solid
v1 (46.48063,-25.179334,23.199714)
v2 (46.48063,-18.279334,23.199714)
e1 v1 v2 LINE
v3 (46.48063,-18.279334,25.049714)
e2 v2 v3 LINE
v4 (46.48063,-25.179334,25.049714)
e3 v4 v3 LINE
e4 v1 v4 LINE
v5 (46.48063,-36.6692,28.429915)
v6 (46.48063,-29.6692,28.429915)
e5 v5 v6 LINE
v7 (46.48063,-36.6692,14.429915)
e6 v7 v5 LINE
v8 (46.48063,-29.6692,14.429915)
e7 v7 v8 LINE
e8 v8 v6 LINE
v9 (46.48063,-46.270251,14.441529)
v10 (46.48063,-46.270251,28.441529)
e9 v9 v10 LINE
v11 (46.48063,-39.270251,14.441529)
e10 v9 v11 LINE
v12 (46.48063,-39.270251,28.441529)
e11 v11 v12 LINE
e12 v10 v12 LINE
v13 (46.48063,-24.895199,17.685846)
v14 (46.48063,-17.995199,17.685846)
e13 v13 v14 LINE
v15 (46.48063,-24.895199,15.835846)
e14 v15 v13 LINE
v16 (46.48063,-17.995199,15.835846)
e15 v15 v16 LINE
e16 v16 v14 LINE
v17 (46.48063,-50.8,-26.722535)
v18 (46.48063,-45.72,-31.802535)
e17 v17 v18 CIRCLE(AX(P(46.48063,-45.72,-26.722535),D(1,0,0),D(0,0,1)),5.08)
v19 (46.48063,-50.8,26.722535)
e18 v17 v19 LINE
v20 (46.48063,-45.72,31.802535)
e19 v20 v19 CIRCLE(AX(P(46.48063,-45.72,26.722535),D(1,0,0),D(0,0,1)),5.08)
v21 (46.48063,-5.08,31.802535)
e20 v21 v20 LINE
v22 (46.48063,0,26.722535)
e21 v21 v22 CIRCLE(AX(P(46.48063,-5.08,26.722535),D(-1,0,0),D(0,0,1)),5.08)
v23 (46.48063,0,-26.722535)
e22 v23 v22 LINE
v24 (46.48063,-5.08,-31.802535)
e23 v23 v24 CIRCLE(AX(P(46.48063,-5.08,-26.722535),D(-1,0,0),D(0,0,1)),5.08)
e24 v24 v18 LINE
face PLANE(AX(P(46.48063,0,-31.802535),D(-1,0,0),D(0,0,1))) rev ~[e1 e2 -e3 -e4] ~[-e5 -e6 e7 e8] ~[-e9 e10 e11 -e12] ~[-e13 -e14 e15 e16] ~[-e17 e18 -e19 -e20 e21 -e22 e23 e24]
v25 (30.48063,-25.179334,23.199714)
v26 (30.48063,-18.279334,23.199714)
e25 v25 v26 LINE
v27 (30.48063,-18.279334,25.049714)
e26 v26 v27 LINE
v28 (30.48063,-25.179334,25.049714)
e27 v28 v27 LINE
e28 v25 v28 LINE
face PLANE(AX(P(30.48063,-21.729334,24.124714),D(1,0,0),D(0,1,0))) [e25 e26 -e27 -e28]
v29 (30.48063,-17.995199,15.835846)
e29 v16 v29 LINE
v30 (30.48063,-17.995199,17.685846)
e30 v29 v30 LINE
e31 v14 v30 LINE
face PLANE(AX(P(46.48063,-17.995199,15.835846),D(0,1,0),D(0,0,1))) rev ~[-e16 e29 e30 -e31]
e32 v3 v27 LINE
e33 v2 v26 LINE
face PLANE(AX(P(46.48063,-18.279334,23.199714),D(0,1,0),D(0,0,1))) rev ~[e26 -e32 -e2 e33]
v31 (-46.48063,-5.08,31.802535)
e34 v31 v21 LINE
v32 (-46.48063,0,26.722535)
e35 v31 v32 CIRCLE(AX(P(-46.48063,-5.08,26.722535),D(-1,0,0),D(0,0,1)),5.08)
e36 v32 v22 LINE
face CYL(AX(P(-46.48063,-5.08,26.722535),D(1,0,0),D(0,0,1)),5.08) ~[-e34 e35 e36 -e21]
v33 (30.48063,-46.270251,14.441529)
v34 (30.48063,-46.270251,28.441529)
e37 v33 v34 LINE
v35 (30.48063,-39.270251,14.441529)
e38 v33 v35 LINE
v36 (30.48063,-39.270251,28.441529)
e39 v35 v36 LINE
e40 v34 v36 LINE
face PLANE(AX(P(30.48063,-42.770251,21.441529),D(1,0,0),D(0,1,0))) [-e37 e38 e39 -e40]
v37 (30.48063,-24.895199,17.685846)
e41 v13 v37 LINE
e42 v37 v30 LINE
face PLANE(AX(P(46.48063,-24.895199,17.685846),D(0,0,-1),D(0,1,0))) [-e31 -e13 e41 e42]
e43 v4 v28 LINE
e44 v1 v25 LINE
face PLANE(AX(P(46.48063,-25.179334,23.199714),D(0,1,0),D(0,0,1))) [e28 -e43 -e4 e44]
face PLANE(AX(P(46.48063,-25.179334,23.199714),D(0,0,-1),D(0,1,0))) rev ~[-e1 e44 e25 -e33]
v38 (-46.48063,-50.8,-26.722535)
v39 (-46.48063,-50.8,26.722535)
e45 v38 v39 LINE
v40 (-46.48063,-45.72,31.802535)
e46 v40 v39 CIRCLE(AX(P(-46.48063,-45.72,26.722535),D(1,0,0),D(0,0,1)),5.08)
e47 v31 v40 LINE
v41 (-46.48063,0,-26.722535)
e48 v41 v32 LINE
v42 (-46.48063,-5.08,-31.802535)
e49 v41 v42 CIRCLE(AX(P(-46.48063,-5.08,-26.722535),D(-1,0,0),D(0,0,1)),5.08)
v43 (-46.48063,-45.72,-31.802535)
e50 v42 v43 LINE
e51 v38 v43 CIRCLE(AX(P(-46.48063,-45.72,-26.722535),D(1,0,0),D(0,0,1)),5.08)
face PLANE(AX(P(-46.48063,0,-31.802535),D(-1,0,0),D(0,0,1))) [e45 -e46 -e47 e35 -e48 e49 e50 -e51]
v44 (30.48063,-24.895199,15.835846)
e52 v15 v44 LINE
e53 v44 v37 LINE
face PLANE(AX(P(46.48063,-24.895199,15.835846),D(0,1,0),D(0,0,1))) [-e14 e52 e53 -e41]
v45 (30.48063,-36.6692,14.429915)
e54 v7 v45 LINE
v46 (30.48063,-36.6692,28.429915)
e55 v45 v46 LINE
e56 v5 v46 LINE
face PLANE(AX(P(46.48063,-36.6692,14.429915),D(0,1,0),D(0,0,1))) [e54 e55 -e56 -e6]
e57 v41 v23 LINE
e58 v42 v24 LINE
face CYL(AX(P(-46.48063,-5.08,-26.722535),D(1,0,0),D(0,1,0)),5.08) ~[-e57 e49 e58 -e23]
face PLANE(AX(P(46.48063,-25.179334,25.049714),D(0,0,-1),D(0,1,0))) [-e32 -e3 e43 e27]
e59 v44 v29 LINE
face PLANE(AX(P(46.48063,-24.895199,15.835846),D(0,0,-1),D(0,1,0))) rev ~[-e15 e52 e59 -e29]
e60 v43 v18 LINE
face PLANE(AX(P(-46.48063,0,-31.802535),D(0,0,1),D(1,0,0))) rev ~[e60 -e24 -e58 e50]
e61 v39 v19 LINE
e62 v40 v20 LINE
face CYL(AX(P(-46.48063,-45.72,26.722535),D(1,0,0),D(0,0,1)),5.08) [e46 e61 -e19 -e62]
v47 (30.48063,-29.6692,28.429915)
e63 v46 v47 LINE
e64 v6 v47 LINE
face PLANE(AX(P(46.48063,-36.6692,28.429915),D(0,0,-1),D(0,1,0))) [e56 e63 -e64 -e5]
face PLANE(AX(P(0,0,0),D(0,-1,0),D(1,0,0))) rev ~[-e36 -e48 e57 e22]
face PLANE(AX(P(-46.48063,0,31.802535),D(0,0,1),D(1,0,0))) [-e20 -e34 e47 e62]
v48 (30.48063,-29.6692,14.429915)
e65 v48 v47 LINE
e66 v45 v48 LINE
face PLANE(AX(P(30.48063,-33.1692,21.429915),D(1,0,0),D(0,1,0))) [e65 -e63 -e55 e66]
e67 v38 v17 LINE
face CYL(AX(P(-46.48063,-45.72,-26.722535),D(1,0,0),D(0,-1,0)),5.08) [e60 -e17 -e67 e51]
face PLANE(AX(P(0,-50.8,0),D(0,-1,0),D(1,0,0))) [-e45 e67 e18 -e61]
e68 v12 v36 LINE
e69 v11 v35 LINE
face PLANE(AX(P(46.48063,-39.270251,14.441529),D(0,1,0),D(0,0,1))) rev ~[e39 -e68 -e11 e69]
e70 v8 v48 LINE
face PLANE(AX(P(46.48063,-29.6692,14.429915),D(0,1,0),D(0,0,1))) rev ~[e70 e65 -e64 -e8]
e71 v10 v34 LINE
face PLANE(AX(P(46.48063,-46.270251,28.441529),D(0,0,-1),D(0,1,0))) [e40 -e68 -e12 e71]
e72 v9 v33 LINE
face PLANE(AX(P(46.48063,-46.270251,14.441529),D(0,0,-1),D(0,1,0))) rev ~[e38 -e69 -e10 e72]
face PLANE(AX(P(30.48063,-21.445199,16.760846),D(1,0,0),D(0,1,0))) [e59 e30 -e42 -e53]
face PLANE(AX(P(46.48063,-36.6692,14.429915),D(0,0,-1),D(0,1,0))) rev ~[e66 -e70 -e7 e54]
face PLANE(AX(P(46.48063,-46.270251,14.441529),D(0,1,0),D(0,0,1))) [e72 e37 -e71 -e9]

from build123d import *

# Parameters (mm, degrees)
F0_W      = 92.96126
F0_H      = 63.60507
F1_DEPTH  = 50.8
F4_R      = 5.08
F5_R      = 5.08
F6_R      = 5.08
F7_W      = 7
F7_H      = 14
F8_DEPTH  = 16
F9_W      = 7
F9_H      = 14
F10_DEPTH = 16
F11_W     = 6.9
F11_H     = 1.85
F12_DEPTH = 16


with BuildPart() as f1:
    # F0 (on Front) → F1 (new body)
    with BuildSketch(Plane.XZ):
        Rectangle(F0_W, F0_H)
    extrude(amount=F1_DEPTH)

    # F4
    f4_edges = [f1.edges().sort_by_distance(p)[0] for p in [
        (0, -50.8, 31.802535),
    ]]
    fillet(f4_edges, radius=F4_R)

    # F5
    f5_edges = [f1.edges().sort_by_distance(p)[0] for p in [
        (0, 0, 31.802535),
    ]]
    fillet(f5_edges, radius=F5_R)

    # F6
    f6_edges = [f1.edges().sort_by_distance(p)[0] for p in [
        (0, -50.8, -31.802535),
        (0, 0, -31.802535),
    ]]
    fillet(f6_edges, radius=F6_R)

    # F7 (on face) → F8 (cut)
    with BuildSketch(Plane.YZ.offset(46.48063)):
        with Locations((-42.770251, 21.441529)):
            Rectangle(F7_W, F7_H)
    extrude(amount=-F8_DEPTH, mode=Mode.SUBTRACT)

    # F9 (on face) → F10 (cut)
    with BuildSketch(Plane.YZ.offset(46.48063)):
        with Locations((-33.1692, 21.429915)):
            Rectangle(F9_W, F9_H)
    extrude(amount=-F10_DEPTH, mode=Mode.SUBTRACT)

    # F11 (on face) → F12 (cut)
    with BuildSketch(Plane.YZ.offset(46.48063)):
        with Locations((-21.729334, 24.124714)):
            Rectangle(F11_W, F11_H)
        with Locations((-21.445199, 16.760846)):
            Rectangle(F11_W, F11_H)
    extrude(amount=-F12_DEPTH, mode=Mode.SUBTRACT)


solid = f1.part
